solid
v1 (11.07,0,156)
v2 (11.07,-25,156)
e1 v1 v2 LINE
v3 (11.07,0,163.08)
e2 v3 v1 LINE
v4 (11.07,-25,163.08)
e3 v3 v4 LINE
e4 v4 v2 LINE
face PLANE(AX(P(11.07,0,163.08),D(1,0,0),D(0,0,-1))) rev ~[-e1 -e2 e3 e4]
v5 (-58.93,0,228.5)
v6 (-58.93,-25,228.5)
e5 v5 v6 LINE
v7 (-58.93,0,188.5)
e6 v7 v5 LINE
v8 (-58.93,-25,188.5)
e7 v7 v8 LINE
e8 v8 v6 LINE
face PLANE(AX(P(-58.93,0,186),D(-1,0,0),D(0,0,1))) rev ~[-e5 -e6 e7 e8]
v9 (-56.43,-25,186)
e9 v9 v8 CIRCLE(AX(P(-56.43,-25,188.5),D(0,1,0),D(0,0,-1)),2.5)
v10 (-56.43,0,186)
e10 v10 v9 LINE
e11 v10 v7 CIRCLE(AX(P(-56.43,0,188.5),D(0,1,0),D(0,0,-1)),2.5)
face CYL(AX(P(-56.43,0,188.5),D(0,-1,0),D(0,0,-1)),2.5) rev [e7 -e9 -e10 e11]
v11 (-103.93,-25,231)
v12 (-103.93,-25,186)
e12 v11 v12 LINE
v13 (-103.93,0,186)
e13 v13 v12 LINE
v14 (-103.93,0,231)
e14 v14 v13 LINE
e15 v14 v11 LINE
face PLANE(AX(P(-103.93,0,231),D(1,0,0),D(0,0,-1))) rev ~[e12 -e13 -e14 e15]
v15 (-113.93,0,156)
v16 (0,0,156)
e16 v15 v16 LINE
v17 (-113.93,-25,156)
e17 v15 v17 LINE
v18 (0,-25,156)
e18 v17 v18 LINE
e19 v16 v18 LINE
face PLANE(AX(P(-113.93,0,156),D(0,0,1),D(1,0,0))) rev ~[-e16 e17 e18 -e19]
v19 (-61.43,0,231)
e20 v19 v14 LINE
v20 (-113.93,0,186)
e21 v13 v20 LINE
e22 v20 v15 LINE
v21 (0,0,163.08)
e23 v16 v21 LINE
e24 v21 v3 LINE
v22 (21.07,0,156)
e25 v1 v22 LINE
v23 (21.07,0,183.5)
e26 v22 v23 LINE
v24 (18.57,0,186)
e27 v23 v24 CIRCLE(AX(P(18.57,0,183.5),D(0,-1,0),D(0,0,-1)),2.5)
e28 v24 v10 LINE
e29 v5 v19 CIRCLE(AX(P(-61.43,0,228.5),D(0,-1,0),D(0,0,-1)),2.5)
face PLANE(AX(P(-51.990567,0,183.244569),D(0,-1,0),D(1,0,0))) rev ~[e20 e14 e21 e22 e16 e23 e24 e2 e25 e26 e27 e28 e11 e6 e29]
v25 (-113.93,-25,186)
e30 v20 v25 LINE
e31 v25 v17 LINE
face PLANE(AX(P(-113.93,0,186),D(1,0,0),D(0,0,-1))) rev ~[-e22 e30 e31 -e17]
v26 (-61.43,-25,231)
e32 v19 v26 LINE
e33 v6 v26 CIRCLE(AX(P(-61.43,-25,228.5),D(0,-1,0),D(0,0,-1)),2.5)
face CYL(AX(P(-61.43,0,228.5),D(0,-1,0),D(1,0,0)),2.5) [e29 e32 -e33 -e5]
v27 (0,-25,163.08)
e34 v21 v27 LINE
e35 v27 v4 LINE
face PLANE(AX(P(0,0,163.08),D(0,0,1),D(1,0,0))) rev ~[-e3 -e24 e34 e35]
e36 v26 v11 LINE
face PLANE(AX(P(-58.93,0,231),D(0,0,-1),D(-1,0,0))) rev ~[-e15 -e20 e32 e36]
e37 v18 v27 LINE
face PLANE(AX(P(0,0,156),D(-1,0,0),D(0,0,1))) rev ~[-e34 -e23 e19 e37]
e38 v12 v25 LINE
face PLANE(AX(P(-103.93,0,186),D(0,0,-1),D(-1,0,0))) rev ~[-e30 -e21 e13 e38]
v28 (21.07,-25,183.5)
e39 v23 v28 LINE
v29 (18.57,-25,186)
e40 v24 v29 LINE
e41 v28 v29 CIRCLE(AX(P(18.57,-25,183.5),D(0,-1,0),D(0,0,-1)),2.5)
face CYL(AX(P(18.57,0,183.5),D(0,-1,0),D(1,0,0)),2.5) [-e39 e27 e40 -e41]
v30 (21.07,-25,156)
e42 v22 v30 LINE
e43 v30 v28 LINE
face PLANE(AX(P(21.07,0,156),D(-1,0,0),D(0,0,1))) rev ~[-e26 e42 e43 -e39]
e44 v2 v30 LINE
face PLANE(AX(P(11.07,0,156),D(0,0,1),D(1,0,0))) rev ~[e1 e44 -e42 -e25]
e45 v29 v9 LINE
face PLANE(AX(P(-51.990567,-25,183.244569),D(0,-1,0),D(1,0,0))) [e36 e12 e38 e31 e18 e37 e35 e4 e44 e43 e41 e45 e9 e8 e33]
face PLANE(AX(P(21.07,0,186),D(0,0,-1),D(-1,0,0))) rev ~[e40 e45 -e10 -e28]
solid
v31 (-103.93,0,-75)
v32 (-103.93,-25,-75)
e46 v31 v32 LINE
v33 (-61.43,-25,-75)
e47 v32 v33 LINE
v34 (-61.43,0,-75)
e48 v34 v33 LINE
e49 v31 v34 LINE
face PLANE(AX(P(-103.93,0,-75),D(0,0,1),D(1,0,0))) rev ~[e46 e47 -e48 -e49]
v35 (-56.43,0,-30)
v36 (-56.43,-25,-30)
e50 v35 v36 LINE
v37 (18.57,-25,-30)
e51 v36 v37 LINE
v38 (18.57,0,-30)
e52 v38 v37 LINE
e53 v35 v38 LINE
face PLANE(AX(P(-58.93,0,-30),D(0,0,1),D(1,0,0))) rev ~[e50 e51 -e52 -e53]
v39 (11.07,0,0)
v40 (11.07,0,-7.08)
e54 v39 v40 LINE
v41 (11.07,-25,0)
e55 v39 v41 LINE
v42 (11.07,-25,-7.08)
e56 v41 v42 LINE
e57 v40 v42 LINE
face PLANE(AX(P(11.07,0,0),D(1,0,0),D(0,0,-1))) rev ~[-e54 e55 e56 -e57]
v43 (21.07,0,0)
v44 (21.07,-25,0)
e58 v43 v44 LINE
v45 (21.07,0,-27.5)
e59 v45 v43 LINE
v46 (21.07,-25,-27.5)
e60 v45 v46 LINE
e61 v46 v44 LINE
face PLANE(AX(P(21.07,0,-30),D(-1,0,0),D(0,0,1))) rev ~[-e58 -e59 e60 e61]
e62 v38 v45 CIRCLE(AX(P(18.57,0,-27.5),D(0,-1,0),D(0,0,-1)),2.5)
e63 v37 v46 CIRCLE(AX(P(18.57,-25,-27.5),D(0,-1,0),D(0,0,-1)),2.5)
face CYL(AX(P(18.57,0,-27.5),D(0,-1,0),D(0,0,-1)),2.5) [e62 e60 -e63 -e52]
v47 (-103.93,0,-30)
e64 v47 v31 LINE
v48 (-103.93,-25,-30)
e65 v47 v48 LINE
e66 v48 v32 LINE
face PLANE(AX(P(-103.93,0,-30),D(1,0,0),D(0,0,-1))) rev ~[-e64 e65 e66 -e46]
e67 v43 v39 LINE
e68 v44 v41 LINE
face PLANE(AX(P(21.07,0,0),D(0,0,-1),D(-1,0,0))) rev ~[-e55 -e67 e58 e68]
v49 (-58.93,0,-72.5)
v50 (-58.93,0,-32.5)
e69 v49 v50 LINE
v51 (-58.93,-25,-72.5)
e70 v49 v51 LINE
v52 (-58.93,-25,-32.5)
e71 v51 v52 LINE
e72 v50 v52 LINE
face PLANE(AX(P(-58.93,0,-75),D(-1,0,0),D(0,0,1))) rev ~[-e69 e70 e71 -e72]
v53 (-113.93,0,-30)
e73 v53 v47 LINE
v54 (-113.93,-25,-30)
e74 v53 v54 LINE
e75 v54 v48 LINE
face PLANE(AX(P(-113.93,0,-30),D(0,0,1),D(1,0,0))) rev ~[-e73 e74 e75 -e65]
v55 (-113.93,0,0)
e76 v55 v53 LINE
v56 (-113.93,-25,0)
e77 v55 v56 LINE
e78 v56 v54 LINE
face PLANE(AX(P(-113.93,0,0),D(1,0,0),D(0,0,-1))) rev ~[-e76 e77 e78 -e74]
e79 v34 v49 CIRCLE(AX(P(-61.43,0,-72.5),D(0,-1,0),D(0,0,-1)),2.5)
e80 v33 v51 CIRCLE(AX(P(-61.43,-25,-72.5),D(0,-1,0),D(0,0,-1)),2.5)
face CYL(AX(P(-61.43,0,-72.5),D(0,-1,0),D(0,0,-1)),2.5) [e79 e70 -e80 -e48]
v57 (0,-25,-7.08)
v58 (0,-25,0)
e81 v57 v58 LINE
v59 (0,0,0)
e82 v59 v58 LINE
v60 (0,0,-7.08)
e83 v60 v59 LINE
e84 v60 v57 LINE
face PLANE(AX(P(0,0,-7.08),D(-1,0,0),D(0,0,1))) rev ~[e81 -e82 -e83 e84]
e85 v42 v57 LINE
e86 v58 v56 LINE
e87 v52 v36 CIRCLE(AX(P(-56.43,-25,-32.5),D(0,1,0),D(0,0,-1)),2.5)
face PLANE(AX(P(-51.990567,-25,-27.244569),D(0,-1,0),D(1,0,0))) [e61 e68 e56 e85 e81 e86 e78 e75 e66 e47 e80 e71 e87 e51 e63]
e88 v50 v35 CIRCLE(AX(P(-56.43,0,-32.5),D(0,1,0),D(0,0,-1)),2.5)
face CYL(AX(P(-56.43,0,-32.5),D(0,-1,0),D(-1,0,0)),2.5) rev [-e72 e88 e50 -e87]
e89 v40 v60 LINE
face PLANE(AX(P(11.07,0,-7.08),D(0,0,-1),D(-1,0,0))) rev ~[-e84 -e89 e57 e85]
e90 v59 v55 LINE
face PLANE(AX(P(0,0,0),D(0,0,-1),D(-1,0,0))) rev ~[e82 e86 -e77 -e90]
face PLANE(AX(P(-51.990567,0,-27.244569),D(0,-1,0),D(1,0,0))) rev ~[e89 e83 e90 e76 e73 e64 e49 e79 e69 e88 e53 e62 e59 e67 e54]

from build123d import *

# Parameters (mm, degrees)
F1_DEPTH = 25
F2_R     = 2.5


with BuildPart() as f1:
    # F0 (on Front) → F1 (new body)
    with BuildSketch(Plane.XZ):
        Polygon((0, 163.08), (11.07, 163.08), (11.07, 156), (21.07, 156), (21.07, 186), (-58.93, 186), (-58.93, 231), (-103.93, 231), (-103.93, 186), (-113.93, 186), (-113.93, 156), (0, 156), align=None)
        Polygon((0, -7.08), (0, 0), (-113.93, 0), (-113.93, -30), (-103.93, -30), (-103.93, -75), (-58.93, -75), (-58.93, -30), (21.07, -30), (21.07, 0), (11.07, 0), (11.07, -7.08), align=None)
    extrude(amount=F1_DEPTH)

    # F2
    f2_edges = [f1.edges().sort_by_distance(p)[0] for p in [
        (-58.93, -12.5, 231),
        (-58.93, -12.5, 186),
        (21.07, -12.5, 186),
        (21.07, -12.5, -30),
        (-58.93, -12.5, -30),
        (-58.93, -12.5, -75),
    ]]
    fillet(f2_edges, radius=F2_R)


solid = f1.part
